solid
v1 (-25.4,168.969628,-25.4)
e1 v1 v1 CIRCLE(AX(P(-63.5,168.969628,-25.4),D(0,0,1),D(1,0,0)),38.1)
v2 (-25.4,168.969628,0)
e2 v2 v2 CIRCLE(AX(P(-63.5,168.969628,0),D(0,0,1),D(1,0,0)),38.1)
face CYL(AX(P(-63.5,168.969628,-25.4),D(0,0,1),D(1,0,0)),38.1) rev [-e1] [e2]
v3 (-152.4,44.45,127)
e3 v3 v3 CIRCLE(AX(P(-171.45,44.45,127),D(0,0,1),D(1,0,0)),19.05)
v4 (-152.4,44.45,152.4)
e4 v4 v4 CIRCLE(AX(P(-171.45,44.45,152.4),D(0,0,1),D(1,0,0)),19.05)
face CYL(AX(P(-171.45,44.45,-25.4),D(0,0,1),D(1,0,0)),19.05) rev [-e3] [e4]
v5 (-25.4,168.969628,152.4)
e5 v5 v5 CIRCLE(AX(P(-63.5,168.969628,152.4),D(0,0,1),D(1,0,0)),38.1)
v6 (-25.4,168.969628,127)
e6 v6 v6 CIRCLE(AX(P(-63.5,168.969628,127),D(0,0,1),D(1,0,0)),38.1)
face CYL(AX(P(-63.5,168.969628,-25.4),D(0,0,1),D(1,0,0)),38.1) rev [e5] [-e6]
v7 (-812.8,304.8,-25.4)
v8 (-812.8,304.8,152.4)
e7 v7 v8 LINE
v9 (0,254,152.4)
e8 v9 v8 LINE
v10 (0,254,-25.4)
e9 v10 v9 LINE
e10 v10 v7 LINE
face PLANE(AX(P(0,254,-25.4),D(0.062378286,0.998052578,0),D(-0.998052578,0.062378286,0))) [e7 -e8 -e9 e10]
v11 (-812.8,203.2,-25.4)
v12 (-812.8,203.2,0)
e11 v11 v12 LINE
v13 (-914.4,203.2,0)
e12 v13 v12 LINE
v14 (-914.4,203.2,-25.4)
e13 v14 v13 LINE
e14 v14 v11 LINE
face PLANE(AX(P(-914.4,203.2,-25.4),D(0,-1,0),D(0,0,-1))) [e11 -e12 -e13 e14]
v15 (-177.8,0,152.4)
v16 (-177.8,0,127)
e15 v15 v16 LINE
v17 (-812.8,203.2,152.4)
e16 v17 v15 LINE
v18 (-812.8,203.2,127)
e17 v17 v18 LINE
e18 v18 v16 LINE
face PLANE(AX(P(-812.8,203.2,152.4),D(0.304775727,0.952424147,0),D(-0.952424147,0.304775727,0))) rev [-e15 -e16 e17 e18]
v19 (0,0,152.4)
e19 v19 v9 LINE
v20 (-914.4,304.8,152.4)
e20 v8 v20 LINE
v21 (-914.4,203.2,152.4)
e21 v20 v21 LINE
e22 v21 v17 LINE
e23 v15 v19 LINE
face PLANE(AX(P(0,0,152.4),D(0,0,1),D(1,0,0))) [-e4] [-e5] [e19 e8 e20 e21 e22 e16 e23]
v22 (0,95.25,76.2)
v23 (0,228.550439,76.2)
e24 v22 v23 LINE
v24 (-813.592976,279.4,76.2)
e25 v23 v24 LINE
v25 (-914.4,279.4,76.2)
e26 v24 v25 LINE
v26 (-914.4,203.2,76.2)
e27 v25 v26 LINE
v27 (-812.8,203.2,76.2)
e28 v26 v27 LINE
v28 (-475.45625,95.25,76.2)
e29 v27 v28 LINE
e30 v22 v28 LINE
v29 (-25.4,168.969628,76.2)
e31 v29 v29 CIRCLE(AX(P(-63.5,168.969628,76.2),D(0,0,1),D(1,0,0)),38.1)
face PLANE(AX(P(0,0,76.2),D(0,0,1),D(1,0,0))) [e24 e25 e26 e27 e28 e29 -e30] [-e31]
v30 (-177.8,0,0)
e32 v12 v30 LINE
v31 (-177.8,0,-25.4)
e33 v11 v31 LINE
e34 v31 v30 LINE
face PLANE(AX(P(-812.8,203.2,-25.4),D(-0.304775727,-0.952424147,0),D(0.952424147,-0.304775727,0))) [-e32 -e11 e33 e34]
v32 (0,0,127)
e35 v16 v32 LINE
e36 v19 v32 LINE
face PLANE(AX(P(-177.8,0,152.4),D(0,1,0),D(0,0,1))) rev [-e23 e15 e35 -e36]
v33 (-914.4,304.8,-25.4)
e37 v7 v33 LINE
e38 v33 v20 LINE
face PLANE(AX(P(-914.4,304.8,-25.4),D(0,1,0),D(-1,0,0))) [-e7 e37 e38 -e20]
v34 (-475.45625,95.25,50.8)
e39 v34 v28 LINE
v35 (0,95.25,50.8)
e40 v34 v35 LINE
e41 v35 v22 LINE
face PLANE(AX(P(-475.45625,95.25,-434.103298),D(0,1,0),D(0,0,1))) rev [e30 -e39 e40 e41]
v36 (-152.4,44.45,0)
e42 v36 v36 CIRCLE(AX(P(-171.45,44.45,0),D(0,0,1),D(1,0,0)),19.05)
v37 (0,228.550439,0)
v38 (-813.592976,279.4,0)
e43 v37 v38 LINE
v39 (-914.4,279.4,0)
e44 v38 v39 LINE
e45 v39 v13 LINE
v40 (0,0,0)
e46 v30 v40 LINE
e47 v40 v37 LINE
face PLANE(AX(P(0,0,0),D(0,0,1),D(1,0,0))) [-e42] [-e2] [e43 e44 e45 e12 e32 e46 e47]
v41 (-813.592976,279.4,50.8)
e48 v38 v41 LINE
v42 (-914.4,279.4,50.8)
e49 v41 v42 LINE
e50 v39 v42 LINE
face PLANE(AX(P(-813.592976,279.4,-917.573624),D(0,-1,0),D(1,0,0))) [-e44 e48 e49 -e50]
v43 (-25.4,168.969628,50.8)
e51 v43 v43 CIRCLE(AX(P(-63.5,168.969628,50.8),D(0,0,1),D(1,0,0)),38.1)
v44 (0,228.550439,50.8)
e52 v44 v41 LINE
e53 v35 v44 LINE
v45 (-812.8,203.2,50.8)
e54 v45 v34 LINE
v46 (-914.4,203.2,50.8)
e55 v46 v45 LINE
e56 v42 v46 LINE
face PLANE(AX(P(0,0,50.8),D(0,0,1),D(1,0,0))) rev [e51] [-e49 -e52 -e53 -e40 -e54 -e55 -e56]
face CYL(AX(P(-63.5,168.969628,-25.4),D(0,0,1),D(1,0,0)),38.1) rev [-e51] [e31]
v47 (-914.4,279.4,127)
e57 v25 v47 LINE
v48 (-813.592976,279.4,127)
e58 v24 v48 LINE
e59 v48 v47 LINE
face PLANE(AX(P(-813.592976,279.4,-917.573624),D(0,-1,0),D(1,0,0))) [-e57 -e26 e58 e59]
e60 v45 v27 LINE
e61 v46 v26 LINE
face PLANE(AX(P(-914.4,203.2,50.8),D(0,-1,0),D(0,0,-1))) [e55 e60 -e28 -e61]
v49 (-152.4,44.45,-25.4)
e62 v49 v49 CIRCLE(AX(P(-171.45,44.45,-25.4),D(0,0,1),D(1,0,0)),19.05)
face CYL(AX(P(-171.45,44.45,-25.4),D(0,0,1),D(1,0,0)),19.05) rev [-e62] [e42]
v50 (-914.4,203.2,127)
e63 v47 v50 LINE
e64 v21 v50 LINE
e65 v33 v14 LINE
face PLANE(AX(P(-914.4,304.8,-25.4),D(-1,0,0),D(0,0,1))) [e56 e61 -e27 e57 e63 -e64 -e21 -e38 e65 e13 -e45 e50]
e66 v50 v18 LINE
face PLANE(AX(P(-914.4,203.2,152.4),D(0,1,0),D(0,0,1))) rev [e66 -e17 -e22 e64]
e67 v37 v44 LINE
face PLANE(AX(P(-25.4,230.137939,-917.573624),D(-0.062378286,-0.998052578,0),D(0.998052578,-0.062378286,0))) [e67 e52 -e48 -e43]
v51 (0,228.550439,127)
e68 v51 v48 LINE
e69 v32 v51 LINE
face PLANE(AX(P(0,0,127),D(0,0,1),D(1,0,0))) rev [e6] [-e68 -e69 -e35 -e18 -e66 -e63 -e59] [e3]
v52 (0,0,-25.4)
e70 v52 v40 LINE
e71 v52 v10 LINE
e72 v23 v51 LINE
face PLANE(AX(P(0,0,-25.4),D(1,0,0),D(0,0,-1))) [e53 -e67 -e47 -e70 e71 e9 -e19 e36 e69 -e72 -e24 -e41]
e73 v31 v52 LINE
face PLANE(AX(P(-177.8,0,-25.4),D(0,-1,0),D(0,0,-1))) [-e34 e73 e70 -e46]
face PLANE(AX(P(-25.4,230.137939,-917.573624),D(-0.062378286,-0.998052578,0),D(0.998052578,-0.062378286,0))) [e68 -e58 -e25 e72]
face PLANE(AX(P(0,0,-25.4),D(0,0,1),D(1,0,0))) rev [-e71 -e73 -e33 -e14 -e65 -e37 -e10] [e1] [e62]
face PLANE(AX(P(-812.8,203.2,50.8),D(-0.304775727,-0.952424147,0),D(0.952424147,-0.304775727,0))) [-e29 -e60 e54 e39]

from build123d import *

# Parameters (mm, degrees)
BOSS_EXTRUDE1_DEPTH      = 25.4
BOSS_EXTRUDE2_DEPTH      = 25.4
BOSS_EXTRUDE3_DEPTH      = 152.4
BOSS_EXTRUDE4_DEPTH      = 12.7
BOSS_EXTRUDE4_DEPTH_BACK = 12.7
SKETCH5_R                = 38.1
SKETCH5_R_2              = 19.05
CUT_EXTRUDE1_DEPTH       = 981.124094184
CUT_EXTRUDE2_DEPTH       = 25.4


with BuildPart() as part:
    # Sketch1 → Boss-Extrude1 (new body)
    with BuildSketch(Plane.XY):
        Polygon((-914.4, 304.8), (-812.8, 304.8), (0, 254), (0, 0), (-177.8, 0), (-812.8, 203.2), (-914.4, 203.2), align=None)
    extrude(amount=-BOSS_EXTRUDE1_DEPTH)



with BuildPart() as body_2:
    # Sketch2 → Boss-Extrude2 (new body)
    with BuildSketch(Plane.XY.offset(127)):
        Polygon((-812.8, 203.2), (-177.8, 0), (0, 0), (0, 254), (-812.8, 304.8), (-914.4, 304.8), (-914.4, 203.2), align=None)
    extrude(amount=BOSS_EXTRUDE2_DEPTH)


with BuildPart() as part_1:
    add(part.part)

    add(body_2.part)  # Boss-Extrude3 merges body 2
    # Sketch3 → Boss-Extrude3 (add)
    with BuildSketch(Plane.XY.offset(152.4)):
        Polygon((-914.4, 279.4), (-914.4, 304.8), (-812.8, 304.8), (0, 254), (0, 228.550438977), (-25.4, 230.137938977), (-813.592976364, 279.4), align=None)
    extrude(amount=-BOSS_EXTRUDE3_DEPTH)

    # Sketch6 → Boss-Extrude4 (add, two sides: drawn at the far end of the back side and taken through both)
    with BuildSketch(Plane.XY.offset(63.5).offset(-BOSS_EXTRUDE4_DEPTH_BACK)):
        Polygon((-812.8, 203.2), (-177.8, 0), (0, 0), (0, 254), (-812.8, 304.8), (-914.4, 304.8), (-914.4, 203.2), align=None)
    extrude(amount=BOSS_EXTRUDE4_DEPTH + BOSS_EXTRUDE4_DEPTH_BACK)

    # Sketch5 → Cut-Extrude1 (cut, through all)
    with BuildSketch(Plane.XY.offset(152.4)):
        with Locations((-63.5, 168.969627955)):
            Circle(SKETCH5_R)
        with Locations((-171.45, 44.45)):
            Circle(SKETCH5_R_2)
    extrude(amount=-CUT_EXTRUDE1_DEPTH, mode=Mode.SUBTRACT)

    # Sketch7 → Cut-Extrude2 (cut)
    with BuildSketch(Plane.XY.offset(76.2)):
        Polygon((-475.45625, 95.25), (0, 95.25), (0, 0), (-177.8, 0), align=None)
    extrude(amount=-CUT_EXTRUDE2_DEPTH, mode=Mode.SUBTRACT)


solid = part_1.part
